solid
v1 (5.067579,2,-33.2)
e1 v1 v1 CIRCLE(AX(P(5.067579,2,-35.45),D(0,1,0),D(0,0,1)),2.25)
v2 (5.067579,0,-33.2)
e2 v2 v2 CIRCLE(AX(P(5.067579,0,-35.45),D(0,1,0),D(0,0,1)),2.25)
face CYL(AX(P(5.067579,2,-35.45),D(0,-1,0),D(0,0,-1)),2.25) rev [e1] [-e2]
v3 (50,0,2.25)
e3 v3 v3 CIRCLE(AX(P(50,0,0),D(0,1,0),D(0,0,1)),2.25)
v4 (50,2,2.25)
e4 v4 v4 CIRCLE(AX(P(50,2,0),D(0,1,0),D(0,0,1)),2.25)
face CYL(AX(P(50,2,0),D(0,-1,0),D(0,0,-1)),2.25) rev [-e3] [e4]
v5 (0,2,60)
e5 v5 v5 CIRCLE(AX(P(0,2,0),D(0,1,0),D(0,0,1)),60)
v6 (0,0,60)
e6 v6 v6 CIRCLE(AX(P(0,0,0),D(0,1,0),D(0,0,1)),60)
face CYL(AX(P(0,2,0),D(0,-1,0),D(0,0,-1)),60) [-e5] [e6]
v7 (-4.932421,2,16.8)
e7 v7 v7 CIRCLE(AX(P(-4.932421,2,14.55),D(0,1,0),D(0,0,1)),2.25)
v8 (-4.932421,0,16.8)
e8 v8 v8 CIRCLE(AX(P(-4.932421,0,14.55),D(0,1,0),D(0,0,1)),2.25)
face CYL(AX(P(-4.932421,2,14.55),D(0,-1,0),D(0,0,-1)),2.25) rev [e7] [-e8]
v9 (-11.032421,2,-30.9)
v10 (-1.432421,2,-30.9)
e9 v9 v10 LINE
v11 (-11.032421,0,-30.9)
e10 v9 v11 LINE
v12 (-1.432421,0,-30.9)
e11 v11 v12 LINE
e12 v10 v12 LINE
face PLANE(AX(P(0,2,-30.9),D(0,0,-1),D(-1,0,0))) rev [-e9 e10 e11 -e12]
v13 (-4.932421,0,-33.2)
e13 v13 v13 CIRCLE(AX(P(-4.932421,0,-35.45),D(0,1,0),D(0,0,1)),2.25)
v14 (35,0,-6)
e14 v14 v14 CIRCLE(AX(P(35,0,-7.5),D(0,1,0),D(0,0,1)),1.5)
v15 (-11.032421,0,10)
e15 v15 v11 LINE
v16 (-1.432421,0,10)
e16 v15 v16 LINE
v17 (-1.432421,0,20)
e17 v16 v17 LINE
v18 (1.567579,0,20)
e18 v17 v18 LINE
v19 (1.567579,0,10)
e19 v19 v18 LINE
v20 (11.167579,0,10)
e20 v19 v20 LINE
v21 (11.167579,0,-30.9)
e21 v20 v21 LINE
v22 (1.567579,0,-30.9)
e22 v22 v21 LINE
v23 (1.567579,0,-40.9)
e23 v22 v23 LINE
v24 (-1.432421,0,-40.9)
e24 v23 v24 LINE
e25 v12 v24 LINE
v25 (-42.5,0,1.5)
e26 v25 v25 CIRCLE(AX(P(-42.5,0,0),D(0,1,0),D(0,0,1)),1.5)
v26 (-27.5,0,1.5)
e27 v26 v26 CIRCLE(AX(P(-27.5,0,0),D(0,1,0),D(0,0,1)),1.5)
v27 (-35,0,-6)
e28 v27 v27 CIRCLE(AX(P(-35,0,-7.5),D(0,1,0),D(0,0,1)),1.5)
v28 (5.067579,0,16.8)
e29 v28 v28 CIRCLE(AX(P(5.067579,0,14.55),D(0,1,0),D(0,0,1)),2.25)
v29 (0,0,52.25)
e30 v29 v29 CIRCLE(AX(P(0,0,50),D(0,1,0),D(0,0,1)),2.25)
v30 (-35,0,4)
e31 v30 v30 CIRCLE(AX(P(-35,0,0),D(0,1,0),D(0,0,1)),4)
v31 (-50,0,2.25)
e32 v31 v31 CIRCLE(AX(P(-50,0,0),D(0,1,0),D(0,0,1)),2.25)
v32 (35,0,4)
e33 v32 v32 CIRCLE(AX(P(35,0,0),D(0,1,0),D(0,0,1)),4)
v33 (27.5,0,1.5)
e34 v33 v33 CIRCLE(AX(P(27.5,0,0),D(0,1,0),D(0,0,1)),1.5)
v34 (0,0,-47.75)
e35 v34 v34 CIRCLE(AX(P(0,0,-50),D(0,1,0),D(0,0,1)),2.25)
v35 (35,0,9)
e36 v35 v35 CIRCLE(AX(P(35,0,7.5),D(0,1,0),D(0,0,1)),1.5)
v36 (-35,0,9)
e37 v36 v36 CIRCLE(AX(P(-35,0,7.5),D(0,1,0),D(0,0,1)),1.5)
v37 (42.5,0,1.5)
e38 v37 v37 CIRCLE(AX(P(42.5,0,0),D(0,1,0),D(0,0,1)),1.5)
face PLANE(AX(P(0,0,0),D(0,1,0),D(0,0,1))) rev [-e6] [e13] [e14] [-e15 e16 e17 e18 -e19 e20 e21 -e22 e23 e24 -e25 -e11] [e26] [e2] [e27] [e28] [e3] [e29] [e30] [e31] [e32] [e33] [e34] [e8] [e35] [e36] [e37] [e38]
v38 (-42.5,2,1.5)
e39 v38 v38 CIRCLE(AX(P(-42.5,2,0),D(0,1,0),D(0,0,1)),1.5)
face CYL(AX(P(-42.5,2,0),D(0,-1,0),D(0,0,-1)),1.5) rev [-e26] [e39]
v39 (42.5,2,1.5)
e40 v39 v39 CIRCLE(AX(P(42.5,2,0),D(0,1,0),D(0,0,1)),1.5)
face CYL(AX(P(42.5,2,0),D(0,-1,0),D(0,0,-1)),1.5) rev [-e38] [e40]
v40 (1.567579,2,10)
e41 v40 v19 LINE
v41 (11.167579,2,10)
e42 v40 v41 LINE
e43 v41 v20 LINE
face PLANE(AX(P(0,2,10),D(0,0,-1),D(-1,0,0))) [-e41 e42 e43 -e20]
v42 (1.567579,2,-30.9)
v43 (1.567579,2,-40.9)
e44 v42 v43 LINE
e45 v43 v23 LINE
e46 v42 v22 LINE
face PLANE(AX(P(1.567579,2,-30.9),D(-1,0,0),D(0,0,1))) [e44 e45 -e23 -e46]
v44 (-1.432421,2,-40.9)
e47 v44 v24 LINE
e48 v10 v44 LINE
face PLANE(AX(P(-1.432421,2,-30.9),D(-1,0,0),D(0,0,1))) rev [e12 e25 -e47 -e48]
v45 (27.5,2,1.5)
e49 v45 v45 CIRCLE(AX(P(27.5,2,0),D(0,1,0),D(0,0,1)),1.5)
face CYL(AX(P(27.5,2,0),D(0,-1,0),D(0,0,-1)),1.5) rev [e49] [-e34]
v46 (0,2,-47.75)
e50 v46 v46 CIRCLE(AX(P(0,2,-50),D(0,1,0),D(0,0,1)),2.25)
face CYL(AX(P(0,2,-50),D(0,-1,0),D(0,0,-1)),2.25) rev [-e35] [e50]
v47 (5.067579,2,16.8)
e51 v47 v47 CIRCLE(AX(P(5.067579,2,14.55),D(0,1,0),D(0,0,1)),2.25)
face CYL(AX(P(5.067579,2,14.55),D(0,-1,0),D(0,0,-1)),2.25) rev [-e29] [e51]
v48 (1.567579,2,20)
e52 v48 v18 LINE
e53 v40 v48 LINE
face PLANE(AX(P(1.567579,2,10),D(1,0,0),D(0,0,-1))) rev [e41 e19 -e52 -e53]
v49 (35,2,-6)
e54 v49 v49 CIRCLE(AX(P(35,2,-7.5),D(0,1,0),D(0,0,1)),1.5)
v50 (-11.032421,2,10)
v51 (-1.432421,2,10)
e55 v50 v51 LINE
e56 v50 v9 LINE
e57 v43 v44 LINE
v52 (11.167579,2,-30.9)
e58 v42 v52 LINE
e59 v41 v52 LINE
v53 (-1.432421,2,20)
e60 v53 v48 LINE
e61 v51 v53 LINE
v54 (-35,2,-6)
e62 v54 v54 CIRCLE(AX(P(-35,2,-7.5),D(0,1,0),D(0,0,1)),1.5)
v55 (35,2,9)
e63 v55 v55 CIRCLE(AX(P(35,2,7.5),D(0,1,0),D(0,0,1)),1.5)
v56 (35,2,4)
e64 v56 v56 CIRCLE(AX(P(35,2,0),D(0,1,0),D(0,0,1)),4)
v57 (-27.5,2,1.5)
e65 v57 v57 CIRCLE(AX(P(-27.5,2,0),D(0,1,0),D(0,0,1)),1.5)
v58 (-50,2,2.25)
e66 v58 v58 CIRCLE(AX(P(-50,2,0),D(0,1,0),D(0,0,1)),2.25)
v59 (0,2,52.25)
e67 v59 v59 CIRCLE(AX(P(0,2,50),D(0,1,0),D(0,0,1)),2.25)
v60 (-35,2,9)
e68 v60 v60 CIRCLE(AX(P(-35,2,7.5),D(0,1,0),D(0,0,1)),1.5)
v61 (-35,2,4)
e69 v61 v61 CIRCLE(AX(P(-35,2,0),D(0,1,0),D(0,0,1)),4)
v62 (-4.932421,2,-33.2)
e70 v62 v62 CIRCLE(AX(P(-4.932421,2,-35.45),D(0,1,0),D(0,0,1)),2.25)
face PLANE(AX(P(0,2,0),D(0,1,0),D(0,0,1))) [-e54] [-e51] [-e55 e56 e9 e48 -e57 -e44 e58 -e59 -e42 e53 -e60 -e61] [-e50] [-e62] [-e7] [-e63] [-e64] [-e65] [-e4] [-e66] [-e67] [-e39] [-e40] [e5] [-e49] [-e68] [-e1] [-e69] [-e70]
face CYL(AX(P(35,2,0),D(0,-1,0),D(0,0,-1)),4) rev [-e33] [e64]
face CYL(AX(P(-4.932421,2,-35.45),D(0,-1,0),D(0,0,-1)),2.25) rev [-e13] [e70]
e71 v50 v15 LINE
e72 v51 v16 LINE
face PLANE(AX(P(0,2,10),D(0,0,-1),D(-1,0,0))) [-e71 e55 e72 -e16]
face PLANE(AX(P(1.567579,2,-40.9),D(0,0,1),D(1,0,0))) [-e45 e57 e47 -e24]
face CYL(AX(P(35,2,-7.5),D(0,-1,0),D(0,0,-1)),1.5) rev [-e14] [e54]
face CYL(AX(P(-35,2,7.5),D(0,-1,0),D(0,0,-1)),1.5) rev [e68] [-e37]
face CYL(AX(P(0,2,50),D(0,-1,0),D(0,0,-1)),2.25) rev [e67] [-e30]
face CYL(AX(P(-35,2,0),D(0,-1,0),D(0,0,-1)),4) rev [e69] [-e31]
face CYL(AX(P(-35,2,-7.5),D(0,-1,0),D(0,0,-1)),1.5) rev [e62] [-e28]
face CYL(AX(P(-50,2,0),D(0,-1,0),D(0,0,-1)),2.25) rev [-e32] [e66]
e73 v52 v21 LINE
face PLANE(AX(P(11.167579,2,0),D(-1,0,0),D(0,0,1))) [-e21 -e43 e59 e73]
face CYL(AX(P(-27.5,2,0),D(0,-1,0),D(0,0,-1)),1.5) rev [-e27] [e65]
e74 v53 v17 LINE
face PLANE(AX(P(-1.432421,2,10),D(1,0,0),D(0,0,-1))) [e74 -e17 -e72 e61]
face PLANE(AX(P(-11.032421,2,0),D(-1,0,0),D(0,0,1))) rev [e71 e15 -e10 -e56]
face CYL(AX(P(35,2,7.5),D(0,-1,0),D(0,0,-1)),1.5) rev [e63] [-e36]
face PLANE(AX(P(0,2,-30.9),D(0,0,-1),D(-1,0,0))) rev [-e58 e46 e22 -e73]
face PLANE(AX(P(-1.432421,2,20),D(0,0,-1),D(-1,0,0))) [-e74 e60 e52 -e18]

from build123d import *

# Parameters (mm, degrees)
SKETCH1_R               = 60
SKETCH1_R_2             = 2.25
SKETCH1_R_3             = 4
SKETCH1_R_4             = 1.5
SKETCH1_W               = 22.2
SKETCH1_H               = 40.9
BOSS_EXTRUDE1_DEPTH     = 2
SKETCH2_W               = 3
SKETCH2_H               = 10
CUT_EXTRUDE_THIN1_DEPTH = 85.876380696


with BuildPart() as part:
    # Sketch1 → Boss-Extrude1 (new body)
    with BuildSketch(Plane(origin=(0, 0, 0), x_dir=(1, 0, 0), z_dir=(0, 1, 0))):
        with Locations(Location((0, 0, 0), (0, 0, 270))):
            Circle(SKETCH1_R)
        with Locations(Location((0, 50, 0), (0, 0, 270))):
            Circle(SKETCH1_R_2, mode=Mode.SUBTRACT)
        with Locations(Location((50, 0, 0), (0, 0, 270))):
            Circle(SKETCH1_R_2, mode=Mode.SUBTRACT)
        with Locations(Location((0, -50, 0), (0, 0, 270))):
            Circle(SKETCH1_R_2, mode=Mode.SUBTRACT)
        with Locations(Location((-50, 0, 0), (0, 0, 270))):
            Circle(SKETCH1_R_2, mode=Mode.SUBTRACT)
        with Locations(Location((-4.932420963, 35.45, 0), (0, 0, 270))):
            Circle(SKETCH1_R_2, mode=Mode.SUBTRACT)
        with Locations(Location((5.067579037, 35.45, 0), (0, 0, 270))):
            Circle(SKETCH1_R_2, mode=Mode.SUBTRACT)
        with Locations(Location((5.067579037, -14.55, 0), (0, 0, 270))):
            Circle(SKETCH1_R_2, mode=Mode.SUBTRACT)
        with Locations(Location((-4.932420963, -14.55, 0), (0, 0, 270))):
            Circle(SKETCH1_R_2, mode=Mode.SUBTRACT)
        with Locations(Location((-35, 0, 0), (0, 0, 270))):
            Circle(SKETCH1_R_3, mode=Mode.SUBTRACT)
        with Locations(Location((-42.5, 0, 0), (0, 0, 270))):
            Circle(SKETCH1_R_4, mode=Mode.SUBTRACT)
        with Locations(Location((-35, 7.5, 0), (0, 0, 270))):
            Circle(SKETCH1_R_4, mode=Mode.SUBTRACT)
        with Locations(Location((-27.5, 0, 0), (0, 0, 270))):
            Circle(SKETCH1_R_4, mode=Mode.SUBTRACT)
        with Locations(Location((-35, -7.5, 0), (0, 0, 270))):
            Circle(SKETCH1_R_4, mode=Mode.SUBTRACT)
        with Locations(Location((42.5, 0, 0), (0, 0, 270))):
            Circle(SKETCH1_R_4, mode=Mode.SUBTRACT)
        with Locations(Location((35, 0, 0), (0, 0, 270))):
            Circle(SKETCH1_R_3, mode=Mode.SUBTRACT)
        with Locations(Location((35, -7.5, 0), (0, 0, 270))):
            Circle(SKETCH1_R_4, mode=Mode.SUBTRACT)
        with Locations(Location((27.5, 0, 0), (0, 0, 270))):
            Circle(SKETCH1_R_4, mode=Mode.SUBTRACT)
        with Locations(Location((35, 7.5, 0), (0, 0, 270))):
            Circle(SKETCH1_R_4, mode=Mode.SUBTRACT)
        with Locations((0.067579037, 10.45)):
            Rectangle(SKETCH1_W, SKETCH1_H, mode=Mode.SUBTRACT)
    extrude(amount=BOSS_EXTRUDE1_DEPTH)

    # Sketch2 → Cut-Extrude-Thin1 (cut, through all)
    with BuildSketch(Plane.XZ):
        with Locations((0.067579037, 15)):
            Rectangle(SKETCH2_W, SKETCH2_H)
        with Locations((0.067579037, -35.9)):
            Rectangle(SKETCH2_W, SKETCH2_H)
    extrude(amount=-CUT_EXTRUDE_THIN1_DEPTH, mode=Mode.SUBTRACT)


solid = part.part
